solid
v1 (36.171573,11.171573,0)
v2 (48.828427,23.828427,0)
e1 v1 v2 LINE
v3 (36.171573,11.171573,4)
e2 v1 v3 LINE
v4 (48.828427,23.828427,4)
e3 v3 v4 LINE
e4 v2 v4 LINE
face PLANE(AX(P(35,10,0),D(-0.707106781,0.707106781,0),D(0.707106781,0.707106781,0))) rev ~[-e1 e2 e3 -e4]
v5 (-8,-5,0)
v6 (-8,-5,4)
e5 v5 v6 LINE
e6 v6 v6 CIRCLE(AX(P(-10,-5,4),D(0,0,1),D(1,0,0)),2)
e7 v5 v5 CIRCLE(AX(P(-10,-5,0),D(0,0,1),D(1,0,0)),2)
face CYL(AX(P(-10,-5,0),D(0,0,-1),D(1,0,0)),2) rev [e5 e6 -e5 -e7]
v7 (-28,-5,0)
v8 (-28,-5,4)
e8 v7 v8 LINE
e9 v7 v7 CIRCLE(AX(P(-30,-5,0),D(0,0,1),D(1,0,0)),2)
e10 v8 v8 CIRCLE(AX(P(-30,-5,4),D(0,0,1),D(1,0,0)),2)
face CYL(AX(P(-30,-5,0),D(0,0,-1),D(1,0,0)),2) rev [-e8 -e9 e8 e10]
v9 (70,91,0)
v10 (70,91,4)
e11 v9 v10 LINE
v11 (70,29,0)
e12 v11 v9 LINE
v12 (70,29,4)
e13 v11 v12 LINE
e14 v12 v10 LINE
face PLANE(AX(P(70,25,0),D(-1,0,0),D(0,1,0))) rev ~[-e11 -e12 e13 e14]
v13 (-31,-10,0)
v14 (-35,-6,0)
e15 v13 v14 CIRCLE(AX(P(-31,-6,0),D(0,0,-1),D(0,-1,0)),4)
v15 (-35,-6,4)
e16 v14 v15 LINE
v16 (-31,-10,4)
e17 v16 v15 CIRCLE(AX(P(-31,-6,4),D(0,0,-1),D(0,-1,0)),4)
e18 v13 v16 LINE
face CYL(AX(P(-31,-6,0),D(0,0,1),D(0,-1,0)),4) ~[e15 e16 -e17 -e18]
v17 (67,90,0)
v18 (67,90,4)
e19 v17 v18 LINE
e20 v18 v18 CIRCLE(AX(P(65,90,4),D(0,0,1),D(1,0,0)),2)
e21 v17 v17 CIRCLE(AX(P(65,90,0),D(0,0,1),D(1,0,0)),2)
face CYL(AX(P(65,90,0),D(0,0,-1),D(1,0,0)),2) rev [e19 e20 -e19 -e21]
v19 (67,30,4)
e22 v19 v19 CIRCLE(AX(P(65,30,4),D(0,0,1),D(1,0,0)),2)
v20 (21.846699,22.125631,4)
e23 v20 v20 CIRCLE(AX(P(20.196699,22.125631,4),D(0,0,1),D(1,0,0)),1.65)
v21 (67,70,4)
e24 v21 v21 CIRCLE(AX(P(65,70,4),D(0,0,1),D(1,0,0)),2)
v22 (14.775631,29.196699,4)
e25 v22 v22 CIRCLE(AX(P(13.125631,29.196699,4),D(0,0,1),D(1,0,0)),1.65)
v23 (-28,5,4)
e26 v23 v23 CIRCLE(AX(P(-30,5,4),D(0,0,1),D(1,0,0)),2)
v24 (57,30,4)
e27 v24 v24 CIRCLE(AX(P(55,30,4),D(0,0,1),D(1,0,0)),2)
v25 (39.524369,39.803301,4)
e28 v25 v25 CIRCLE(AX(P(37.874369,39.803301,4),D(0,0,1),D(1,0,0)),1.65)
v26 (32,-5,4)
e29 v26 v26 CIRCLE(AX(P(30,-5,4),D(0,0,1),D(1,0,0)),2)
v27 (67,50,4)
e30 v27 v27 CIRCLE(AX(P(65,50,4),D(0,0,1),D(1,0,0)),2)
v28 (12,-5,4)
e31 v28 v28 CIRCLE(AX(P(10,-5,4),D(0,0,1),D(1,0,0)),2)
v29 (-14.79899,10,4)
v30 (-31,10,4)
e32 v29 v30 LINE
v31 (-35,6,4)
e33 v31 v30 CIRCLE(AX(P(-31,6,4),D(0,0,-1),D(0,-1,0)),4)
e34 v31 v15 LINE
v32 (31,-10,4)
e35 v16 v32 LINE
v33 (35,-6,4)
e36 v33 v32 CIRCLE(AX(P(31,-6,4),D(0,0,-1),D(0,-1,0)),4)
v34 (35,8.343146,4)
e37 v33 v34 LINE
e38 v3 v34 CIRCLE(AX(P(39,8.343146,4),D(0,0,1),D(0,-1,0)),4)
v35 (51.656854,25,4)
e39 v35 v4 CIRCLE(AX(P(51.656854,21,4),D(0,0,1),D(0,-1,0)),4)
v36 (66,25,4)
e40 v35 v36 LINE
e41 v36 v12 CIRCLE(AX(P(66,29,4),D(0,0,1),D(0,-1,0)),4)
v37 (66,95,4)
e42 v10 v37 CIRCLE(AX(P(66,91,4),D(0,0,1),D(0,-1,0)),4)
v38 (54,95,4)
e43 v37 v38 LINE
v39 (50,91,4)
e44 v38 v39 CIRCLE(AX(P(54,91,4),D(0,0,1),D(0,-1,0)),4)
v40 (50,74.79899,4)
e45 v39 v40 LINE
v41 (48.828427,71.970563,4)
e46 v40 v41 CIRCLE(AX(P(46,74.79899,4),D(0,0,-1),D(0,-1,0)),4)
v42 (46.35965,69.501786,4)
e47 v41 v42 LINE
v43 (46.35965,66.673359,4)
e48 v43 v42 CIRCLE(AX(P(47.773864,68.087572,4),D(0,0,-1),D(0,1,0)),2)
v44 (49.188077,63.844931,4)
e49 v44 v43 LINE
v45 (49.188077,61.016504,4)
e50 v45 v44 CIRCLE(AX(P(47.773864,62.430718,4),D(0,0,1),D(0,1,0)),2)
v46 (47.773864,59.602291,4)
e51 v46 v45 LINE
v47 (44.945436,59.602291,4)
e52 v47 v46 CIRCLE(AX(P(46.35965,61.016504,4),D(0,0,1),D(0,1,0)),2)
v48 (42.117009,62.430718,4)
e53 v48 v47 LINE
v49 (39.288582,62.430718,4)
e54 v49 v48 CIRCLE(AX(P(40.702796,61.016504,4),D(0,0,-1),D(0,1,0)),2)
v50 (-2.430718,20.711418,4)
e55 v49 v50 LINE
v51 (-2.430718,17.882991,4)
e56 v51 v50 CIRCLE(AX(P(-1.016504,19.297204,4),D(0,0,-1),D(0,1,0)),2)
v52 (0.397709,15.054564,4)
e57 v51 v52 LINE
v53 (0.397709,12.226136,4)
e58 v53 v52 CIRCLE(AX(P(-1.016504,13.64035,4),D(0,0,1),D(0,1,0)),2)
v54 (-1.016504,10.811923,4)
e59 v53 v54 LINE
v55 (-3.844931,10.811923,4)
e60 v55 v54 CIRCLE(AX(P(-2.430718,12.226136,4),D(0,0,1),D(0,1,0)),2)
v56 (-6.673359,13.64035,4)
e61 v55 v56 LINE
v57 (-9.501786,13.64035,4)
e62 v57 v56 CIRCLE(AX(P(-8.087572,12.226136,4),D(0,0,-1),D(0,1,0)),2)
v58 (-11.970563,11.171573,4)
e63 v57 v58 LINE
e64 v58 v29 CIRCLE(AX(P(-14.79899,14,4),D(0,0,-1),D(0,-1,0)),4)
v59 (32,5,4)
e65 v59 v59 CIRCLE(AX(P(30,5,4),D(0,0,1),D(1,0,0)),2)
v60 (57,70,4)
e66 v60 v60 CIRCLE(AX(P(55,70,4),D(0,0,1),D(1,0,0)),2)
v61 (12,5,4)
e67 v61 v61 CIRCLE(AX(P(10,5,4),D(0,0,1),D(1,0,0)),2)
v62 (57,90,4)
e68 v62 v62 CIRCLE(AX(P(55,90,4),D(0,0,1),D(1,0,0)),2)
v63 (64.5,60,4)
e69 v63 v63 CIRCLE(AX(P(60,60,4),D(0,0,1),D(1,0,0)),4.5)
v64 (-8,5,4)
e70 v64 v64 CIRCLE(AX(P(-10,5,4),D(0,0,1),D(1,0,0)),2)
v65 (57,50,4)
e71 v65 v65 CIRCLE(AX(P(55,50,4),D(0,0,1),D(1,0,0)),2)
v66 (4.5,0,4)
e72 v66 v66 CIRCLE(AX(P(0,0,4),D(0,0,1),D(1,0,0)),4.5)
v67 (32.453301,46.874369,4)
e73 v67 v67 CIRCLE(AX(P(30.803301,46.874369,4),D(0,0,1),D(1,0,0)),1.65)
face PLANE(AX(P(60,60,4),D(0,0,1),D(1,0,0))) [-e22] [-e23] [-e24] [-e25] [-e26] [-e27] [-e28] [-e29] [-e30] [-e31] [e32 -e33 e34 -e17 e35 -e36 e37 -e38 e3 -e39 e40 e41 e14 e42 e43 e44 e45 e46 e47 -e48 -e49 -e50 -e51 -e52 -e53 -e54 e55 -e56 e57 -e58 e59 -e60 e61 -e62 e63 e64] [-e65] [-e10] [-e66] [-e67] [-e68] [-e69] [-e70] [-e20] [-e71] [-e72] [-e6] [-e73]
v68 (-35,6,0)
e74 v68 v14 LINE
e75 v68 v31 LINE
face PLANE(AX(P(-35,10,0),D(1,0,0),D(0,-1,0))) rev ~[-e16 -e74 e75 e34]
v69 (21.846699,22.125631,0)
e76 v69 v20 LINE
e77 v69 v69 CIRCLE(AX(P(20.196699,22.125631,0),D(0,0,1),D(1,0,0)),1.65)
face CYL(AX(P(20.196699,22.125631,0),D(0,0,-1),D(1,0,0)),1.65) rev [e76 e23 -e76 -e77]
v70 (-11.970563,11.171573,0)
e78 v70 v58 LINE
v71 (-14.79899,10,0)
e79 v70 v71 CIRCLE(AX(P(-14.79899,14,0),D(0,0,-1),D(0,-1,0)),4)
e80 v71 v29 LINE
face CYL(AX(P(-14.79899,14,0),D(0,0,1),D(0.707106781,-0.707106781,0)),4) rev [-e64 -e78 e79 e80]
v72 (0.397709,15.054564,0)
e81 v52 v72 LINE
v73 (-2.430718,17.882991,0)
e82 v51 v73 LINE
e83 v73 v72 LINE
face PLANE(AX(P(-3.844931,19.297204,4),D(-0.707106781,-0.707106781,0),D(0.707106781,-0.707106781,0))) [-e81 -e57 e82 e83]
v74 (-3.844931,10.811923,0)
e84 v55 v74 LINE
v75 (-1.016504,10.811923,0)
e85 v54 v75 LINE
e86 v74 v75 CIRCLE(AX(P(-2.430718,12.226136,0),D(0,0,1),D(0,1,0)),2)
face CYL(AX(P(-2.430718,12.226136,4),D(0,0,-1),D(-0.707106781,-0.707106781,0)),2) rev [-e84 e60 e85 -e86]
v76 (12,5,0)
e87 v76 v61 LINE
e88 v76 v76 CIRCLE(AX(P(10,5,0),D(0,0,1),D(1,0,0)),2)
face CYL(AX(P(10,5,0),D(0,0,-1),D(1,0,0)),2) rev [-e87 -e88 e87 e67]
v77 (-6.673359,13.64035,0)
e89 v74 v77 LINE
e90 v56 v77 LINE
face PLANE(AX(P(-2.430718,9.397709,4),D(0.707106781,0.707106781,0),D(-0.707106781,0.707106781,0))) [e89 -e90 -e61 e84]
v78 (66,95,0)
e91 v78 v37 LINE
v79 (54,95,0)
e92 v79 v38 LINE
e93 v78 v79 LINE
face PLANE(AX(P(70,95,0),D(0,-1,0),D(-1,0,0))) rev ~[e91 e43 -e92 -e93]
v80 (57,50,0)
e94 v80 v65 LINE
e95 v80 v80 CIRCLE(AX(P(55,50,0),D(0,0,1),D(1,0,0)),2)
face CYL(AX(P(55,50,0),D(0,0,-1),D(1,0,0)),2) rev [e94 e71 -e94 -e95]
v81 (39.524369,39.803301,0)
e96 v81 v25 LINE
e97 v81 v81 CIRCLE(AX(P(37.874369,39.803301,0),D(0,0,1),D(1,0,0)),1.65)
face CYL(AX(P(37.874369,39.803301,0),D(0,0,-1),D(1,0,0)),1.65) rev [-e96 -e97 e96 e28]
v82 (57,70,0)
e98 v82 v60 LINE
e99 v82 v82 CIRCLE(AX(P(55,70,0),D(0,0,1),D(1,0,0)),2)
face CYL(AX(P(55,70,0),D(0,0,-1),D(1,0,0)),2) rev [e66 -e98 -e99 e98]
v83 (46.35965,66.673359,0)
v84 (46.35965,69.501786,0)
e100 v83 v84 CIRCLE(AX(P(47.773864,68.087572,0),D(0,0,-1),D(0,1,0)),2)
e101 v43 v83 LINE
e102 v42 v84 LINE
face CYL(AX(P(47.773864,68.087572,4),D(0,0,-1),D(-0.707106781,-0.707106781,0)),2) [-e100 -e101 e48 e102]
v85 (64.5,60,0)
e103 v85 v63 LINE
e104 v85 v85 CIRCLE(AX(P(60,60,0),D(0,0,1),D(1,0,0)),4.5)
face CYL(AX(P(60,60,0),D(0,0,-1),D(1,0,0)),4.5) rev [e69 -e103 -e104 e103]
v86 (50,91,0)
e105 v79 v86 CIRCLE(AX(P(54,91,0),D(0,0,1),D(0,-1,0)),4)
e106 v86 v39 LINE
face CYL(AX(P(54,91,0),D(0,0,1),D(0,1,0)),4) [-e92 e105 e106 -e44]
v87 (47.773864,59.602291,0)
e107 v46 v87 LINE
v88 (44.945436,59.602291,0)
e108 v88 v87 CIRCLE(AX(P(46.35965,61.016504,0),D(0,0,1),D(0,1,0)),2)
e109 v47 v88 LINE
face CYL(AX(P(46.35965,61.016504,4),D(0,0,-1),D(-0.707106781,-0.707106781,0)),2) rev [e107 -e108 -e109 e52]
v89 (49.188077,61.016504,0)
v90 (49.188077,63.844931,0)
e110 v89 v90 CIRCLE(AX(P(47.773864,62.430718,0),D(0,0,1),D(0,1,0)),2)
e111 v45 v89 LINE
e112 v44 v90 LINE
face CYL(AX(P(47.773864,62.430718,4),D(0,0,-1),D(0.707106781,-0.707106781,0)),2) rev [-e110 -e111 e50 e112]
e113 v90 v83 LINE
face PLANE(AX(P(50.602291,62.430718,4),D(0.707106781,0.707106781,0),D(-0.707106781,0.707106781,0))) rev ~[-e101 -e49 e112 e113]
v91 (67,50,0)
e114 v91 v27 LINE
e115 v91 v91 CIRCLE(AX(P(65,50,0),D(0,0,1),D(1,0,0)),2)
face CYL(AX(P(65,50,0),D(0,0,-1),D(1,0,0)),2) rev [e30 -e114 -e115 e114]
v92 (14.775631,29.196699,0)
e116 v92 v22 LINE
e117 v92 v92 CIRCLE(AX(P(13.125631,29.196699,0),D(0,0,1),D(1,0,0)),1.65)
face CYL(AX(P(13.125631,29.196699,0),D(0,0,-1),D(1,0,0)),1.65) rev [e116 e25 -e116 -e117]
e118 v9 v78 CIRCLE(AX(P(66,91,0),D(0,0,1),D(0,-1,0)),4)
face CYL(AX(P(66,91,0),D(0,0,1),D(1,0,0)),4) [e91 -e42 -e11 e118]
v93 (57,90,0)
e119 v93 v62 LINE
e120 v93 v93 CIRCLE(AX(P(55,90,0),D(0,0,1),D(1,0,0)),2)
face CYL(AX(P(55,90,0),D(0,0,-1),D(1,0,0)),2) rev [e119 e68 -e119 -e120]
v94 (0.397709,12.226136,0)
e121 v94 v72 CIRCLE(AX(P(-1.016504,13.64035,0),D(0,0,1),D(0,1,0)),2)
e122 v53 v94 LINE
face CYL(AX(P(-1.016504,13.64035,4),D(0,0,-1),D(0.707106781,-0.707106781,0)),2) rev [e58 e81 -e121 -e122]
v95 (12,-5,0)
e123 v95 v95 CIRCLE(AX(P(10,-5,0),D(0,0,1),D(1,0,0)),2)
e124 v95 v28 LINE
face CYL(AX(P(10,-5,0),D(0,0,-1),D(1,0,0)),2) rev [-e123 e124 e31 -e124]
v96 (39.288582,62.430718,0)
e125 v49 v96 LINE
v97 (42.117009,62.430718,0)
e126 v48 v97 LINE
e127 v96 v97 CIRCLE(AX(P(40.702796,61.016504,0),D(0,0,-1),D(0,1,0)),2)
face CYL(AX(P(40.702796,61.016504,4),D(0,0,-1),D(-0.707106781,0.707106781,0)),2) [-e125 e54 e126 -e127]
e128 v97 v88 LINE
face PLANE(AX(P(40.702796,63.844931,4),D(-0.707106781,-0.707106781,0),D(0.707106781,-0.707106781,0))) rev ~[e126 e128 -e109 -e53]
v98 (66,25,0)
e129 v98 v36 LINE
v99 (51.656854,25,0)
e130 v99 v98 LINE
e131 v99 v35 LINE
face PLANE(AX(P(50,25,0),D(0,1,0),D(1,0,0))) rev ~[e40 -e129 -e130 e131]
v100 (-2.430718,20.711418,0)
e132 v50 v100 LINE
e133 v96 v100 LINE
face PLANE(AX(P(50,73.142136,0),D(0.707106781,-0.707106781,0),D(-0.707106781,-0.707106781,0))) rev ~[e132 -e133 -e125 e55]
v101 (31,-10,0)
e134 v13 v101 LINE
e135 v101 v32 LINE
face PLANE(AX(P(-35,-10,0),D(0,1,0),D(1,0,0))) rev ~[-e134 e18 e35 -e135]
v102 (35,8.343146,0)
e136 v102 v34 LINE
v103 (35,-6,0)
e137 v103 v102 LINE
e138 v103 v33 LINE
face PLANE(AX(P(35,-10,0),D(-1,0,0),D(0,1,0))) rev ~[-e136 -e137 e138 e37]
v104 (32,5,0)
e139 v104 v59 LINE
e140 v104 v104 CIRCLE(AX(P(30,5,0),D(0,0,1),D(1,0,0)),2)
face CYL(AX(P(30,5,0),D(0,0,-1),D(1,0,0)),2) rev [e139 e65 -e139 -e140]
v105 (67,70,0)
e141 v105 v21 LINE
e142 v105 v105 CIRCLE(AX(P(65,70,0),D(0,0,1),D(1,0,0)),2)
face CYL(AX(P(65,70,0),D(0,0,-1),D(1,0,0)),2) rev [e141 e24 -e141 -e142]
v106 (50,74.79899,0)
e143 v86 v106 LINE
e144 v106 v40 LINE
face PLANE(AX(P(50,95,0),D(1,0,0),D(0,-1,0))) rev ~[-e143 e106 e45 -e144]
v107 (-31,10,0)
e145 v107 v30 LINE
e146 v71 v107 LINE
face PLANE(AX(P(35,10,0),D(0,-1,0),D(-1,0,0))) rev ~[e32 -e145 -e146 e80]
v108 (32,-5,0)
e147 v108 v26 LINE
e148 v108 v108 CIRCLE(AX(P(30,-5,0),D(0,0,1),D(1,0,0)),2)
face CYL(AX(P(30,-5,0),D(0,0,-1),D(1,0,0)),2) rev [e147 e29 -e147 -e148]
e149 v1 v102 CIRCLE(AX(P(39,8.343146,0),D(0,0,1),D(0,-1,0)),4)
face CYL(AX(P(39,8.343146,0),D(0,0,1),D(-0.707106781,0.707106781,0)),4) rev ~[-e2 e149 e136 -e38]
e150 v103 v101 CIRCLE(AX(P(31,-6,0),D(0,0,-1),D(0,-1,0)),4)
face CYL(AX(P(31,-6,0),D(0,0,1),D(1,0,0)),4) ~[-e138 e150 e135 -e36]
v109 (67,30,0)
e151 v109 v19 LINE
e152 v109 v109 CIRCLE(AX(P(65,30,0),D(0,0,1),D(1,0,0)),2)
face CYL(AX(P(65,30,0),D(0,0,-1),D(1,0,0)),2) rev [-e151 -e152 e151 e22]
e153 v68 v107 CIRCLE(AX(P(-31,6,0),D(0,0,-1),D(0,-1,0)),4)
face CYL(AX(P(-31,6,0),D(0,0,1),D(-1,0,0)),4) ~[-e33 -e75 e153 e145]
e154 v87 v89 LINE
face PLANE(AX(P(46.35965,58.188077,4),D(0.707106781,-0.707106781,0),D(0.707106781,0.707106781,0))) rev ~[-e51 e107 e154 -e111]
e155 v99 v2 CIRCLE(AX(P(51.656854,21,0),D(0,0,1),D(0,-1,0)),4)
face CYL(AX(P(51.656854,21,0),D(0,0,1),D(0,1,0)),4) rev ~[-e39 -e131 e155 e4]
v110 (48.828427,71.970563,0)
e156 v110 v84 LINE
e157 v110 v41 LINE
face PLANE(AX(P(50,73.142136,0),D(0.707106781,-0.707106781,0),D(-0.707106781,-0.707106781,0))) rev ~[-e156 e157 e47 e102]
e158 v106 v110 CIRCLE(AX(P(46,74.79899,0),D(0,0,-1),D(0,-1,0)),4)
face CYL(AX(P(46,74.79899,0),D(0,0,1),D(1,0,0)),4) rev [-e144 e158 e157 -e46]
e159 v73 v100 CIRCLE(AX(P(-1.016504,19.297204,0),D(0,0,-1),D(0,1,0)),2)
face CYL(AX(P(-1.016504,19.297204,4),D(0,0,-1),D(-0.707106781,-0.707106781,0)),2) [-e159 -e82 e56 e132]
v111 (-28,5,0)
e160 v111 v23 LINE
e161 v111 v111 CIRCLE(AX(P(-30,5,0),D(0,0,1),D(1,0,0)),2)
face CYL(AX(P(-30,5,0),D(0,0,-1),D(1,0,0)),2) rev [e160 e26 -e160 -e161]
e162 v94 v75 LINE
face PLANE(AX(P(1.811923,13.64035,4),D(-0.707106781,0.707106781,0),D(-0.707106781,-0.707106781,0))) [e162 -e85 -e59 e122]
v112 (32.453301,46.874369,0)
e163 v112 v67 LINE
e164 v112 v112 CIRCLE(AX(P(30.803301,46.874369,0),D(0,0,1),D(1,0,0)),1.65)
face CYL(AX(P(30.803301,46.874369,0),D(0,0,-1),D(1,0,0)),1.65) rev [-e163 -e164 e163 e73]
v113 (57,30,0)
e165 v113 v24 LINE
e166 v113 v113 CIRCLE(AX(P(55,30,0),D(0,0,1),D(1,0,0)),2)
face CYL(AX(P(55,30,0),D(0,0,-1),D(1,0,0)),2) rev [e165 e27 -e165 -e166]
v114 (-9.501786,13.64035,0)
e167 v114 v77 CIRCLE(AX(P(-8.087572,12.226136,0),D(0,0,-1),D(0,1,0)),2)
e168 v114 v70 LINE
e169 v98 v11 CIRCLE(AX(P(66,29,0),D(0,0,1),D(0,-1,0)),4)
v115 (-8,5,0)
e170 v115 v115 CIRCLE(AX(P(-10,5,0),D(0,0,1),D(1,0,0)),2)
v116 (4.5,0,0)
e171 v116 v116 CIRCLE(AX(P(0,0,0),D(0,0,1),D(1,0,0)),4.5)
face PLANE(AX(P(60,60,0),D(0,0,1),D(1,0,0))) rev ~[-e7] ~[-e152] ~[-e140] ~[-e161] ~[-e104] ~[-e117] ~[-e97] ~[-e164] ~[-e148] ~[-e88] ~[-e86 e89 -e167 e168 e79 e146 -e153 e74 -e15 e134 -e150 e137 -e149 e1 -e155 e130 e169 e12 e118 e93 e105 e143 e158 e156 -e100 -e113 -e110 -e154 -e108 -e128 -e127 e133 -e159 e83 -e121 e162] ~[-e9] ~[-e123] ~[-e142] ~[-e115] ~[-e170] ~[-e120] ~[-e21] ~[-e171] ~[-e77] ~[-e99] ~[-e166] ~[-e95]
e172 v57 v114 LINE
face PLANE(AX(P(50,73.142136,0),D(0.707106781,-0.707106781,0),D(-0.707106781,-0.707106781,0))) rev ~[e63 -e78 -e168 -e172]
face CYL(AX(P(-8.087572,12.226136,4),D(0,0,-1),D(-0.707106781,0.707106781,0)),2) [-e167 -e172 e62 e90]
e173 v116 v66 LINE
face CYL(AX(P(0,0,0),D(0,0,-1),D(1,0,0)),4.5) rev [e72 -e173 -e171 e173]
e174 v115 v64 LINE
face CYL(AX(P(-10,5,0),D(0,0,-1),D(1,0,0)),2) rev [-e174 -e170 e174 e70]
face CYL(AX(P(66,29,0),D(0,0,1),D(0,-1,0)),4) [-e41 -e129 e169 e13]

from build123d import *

# Parameters (mm, degrees)
SKETCH_1_R          = 2
SKETCH_1_R_2        = 4.5
SKETCH_1_R_3        = 1.65
EXTRUDE_1_DEPTH     = 4
FILLET_1_R          = 4
CUT_EXTRUDE_1_DEPTH = 10
FILLET_2_R          = 2


with BuildPart() as part:
    # 草图1 → 凸台-拉伸1 (new body)
    # profile 1 of 3: a face of its own
    with BuildSketch(Plane.XY):
        Polygon((-35, 10), (-35, -10), (35, -10), (35, 10), (-13.142135624, 10), align=None)
        with Locations((-30, -5)):
            Circle(SKETCH_1_R, mode=Mode.SUBTRACT)
        with Locations((-10, -5)):
            Circle(SKETCH_1_R, mode=Mode.SUBTRACT)
        with Locations((-30, 5)):
            Circle(SKETCH_1_R, mode=Mode.SUBTRACT)
        with Locations((-10, 5)):
            Circle(SKETCH_1_R, mode=Mode.SUBTRACT)
        Circle(SKETCH_1_R_2, mode=Mode.SUBTRACT)
        with Locations((10, -5)):
            Circle(SKETCH_1_R, mode=Mode.SUBTRACT)
        with Locations((10, 5)):
            Circle(SKETCH_1_R, mode=Mode.SUBTRACT)
        with Locations((30, -5)):
            Circle(SKETCH_1_R, mode=Mode.SUBTRACT)
        with Locations((30, 5)):
            Circle(SKETCH_1_R, mode=Mode.SUBTRACT)
    # profile 2 of 3: a face of its own
    with BuildSketch(Plane.XY):
        Polygon((-13.142135624, 10), (35, 10), (50, 25), (50, 73.142135624), align=None)
        with Locations((13.125631329, 29.196699141)):
            Circle(SKETCH_1_R_3, mode=Mode.SUBTRACT)
        with Locations((20.196699141, 22.125631329)):
            Circle(SKETCH_1_R_3, mode=Mode.SUBTRACT)
        with Locations((37.874368671, 39.803300859)):
            Circle(SKETCH_1_R_3, mode=Mode.SUBTRACT)
        with Locations((30.803300859, 46.874368671)):
            Circle(SKETCH_1_R_3, mode=Mode.SUBTRACT)
    # profile 3 of 3: a face of its own
    with BuildSketch(Plane.XY):
        Polygon((50, 73.142135624), (50, 25), (70, 25), (70, 95), (50, 95), align=None)
        with Locations((55, 30)):
            Circle(SKETCH_1_R, mode=Mode.SUBTRACT)
        with Locations((65, 30)):
            Circle(SKETCH_1_R, mode=Mode.SUBTRACT)
        with Locations((55, 50)):
            Circle(SKETCH_1_R, mode=Mode.SUBTRACT)
        with Locations((65, 50)):
            Circle(SKETCH_1_R, mode=Mode.SUBTRACT)
        with Locations((60, 60)):
            Circle(SKETCH_1_R_2, mode=Mode.SUBTRACT)
        with Locations((55, 70)):
            Circle(SKETCH_1_R, mode=Mode.SUBTRACT)
        with Locations((65, 70)):
            Circle(SKETCH_1_R, mode=Mode.SUBTRACT)
        with Locations((55, 90)):
            Circle(SKETCH_1_R, mode=Mode.SUBTRACT)
        with Locations((65, 90)):
            Circle(SKETCH_1_R, mode=Mode.SUBTRACT)
    extrude(amount=EXTRUDE_1_DEPTH)

    # 圆角1
    fillet_1_edges = [part.edges().sort_by_distance(p)[0] for p in [
        (35, 10, 2),
        (35, -10, 2),
        (-35, -10, 2),
        (-35, 10, 2),
        (-13.142135624, 10, 2),
        (50, 73.142135624, 2),
        (50, 95, 2),
        (70, 95, 2),
        (70, 25, 2),
        (50, 25, 2),
    ]]
    fillet(fillet_1_edges, radius=FILLET_1_R)

    # 草图2 → 切除-拉伸1 (cut)
    with BuildSketch(Plane.XY.offset(4)):
        Polygon((-8.087572106, 15.054563517), (-3.844931419, 19.297204204), (1.81192283, 13.640349955), (-2.430717857, 9.397709268), align=None)
        Polygon((44.945436483, 68.087572106), (40.702795796, 63.844931419), (46.359650045, 58.18807717), (50.602290732, 62.430717857), align=None)
    extrude(amount=-CUT_EXTRUDE_1_DEPTH, mode=Mode.SUBTRACT)

    # 圆角2
    fillet_2_edges = [part.edges().sort_by_distance(p)[0] for p in [
        (-2.430717857, 9.397709268, 2),
        (-8.087572106, 15.054563517, 2),
        (-3.844931419, 19.297204204, 2),
        (1.81192283, 13.640349955, 2),
        (44.945436483, 68.087572106, 2),
        (50.602290732, 62.430717857, 2),
        (46.359650045, 58.18807717, 2),
        (40.702795796, 63.844931419, 2),
    ]]
    fillet(fillet_2_edges, radius=FILLET_2_R)


solid = part.part
